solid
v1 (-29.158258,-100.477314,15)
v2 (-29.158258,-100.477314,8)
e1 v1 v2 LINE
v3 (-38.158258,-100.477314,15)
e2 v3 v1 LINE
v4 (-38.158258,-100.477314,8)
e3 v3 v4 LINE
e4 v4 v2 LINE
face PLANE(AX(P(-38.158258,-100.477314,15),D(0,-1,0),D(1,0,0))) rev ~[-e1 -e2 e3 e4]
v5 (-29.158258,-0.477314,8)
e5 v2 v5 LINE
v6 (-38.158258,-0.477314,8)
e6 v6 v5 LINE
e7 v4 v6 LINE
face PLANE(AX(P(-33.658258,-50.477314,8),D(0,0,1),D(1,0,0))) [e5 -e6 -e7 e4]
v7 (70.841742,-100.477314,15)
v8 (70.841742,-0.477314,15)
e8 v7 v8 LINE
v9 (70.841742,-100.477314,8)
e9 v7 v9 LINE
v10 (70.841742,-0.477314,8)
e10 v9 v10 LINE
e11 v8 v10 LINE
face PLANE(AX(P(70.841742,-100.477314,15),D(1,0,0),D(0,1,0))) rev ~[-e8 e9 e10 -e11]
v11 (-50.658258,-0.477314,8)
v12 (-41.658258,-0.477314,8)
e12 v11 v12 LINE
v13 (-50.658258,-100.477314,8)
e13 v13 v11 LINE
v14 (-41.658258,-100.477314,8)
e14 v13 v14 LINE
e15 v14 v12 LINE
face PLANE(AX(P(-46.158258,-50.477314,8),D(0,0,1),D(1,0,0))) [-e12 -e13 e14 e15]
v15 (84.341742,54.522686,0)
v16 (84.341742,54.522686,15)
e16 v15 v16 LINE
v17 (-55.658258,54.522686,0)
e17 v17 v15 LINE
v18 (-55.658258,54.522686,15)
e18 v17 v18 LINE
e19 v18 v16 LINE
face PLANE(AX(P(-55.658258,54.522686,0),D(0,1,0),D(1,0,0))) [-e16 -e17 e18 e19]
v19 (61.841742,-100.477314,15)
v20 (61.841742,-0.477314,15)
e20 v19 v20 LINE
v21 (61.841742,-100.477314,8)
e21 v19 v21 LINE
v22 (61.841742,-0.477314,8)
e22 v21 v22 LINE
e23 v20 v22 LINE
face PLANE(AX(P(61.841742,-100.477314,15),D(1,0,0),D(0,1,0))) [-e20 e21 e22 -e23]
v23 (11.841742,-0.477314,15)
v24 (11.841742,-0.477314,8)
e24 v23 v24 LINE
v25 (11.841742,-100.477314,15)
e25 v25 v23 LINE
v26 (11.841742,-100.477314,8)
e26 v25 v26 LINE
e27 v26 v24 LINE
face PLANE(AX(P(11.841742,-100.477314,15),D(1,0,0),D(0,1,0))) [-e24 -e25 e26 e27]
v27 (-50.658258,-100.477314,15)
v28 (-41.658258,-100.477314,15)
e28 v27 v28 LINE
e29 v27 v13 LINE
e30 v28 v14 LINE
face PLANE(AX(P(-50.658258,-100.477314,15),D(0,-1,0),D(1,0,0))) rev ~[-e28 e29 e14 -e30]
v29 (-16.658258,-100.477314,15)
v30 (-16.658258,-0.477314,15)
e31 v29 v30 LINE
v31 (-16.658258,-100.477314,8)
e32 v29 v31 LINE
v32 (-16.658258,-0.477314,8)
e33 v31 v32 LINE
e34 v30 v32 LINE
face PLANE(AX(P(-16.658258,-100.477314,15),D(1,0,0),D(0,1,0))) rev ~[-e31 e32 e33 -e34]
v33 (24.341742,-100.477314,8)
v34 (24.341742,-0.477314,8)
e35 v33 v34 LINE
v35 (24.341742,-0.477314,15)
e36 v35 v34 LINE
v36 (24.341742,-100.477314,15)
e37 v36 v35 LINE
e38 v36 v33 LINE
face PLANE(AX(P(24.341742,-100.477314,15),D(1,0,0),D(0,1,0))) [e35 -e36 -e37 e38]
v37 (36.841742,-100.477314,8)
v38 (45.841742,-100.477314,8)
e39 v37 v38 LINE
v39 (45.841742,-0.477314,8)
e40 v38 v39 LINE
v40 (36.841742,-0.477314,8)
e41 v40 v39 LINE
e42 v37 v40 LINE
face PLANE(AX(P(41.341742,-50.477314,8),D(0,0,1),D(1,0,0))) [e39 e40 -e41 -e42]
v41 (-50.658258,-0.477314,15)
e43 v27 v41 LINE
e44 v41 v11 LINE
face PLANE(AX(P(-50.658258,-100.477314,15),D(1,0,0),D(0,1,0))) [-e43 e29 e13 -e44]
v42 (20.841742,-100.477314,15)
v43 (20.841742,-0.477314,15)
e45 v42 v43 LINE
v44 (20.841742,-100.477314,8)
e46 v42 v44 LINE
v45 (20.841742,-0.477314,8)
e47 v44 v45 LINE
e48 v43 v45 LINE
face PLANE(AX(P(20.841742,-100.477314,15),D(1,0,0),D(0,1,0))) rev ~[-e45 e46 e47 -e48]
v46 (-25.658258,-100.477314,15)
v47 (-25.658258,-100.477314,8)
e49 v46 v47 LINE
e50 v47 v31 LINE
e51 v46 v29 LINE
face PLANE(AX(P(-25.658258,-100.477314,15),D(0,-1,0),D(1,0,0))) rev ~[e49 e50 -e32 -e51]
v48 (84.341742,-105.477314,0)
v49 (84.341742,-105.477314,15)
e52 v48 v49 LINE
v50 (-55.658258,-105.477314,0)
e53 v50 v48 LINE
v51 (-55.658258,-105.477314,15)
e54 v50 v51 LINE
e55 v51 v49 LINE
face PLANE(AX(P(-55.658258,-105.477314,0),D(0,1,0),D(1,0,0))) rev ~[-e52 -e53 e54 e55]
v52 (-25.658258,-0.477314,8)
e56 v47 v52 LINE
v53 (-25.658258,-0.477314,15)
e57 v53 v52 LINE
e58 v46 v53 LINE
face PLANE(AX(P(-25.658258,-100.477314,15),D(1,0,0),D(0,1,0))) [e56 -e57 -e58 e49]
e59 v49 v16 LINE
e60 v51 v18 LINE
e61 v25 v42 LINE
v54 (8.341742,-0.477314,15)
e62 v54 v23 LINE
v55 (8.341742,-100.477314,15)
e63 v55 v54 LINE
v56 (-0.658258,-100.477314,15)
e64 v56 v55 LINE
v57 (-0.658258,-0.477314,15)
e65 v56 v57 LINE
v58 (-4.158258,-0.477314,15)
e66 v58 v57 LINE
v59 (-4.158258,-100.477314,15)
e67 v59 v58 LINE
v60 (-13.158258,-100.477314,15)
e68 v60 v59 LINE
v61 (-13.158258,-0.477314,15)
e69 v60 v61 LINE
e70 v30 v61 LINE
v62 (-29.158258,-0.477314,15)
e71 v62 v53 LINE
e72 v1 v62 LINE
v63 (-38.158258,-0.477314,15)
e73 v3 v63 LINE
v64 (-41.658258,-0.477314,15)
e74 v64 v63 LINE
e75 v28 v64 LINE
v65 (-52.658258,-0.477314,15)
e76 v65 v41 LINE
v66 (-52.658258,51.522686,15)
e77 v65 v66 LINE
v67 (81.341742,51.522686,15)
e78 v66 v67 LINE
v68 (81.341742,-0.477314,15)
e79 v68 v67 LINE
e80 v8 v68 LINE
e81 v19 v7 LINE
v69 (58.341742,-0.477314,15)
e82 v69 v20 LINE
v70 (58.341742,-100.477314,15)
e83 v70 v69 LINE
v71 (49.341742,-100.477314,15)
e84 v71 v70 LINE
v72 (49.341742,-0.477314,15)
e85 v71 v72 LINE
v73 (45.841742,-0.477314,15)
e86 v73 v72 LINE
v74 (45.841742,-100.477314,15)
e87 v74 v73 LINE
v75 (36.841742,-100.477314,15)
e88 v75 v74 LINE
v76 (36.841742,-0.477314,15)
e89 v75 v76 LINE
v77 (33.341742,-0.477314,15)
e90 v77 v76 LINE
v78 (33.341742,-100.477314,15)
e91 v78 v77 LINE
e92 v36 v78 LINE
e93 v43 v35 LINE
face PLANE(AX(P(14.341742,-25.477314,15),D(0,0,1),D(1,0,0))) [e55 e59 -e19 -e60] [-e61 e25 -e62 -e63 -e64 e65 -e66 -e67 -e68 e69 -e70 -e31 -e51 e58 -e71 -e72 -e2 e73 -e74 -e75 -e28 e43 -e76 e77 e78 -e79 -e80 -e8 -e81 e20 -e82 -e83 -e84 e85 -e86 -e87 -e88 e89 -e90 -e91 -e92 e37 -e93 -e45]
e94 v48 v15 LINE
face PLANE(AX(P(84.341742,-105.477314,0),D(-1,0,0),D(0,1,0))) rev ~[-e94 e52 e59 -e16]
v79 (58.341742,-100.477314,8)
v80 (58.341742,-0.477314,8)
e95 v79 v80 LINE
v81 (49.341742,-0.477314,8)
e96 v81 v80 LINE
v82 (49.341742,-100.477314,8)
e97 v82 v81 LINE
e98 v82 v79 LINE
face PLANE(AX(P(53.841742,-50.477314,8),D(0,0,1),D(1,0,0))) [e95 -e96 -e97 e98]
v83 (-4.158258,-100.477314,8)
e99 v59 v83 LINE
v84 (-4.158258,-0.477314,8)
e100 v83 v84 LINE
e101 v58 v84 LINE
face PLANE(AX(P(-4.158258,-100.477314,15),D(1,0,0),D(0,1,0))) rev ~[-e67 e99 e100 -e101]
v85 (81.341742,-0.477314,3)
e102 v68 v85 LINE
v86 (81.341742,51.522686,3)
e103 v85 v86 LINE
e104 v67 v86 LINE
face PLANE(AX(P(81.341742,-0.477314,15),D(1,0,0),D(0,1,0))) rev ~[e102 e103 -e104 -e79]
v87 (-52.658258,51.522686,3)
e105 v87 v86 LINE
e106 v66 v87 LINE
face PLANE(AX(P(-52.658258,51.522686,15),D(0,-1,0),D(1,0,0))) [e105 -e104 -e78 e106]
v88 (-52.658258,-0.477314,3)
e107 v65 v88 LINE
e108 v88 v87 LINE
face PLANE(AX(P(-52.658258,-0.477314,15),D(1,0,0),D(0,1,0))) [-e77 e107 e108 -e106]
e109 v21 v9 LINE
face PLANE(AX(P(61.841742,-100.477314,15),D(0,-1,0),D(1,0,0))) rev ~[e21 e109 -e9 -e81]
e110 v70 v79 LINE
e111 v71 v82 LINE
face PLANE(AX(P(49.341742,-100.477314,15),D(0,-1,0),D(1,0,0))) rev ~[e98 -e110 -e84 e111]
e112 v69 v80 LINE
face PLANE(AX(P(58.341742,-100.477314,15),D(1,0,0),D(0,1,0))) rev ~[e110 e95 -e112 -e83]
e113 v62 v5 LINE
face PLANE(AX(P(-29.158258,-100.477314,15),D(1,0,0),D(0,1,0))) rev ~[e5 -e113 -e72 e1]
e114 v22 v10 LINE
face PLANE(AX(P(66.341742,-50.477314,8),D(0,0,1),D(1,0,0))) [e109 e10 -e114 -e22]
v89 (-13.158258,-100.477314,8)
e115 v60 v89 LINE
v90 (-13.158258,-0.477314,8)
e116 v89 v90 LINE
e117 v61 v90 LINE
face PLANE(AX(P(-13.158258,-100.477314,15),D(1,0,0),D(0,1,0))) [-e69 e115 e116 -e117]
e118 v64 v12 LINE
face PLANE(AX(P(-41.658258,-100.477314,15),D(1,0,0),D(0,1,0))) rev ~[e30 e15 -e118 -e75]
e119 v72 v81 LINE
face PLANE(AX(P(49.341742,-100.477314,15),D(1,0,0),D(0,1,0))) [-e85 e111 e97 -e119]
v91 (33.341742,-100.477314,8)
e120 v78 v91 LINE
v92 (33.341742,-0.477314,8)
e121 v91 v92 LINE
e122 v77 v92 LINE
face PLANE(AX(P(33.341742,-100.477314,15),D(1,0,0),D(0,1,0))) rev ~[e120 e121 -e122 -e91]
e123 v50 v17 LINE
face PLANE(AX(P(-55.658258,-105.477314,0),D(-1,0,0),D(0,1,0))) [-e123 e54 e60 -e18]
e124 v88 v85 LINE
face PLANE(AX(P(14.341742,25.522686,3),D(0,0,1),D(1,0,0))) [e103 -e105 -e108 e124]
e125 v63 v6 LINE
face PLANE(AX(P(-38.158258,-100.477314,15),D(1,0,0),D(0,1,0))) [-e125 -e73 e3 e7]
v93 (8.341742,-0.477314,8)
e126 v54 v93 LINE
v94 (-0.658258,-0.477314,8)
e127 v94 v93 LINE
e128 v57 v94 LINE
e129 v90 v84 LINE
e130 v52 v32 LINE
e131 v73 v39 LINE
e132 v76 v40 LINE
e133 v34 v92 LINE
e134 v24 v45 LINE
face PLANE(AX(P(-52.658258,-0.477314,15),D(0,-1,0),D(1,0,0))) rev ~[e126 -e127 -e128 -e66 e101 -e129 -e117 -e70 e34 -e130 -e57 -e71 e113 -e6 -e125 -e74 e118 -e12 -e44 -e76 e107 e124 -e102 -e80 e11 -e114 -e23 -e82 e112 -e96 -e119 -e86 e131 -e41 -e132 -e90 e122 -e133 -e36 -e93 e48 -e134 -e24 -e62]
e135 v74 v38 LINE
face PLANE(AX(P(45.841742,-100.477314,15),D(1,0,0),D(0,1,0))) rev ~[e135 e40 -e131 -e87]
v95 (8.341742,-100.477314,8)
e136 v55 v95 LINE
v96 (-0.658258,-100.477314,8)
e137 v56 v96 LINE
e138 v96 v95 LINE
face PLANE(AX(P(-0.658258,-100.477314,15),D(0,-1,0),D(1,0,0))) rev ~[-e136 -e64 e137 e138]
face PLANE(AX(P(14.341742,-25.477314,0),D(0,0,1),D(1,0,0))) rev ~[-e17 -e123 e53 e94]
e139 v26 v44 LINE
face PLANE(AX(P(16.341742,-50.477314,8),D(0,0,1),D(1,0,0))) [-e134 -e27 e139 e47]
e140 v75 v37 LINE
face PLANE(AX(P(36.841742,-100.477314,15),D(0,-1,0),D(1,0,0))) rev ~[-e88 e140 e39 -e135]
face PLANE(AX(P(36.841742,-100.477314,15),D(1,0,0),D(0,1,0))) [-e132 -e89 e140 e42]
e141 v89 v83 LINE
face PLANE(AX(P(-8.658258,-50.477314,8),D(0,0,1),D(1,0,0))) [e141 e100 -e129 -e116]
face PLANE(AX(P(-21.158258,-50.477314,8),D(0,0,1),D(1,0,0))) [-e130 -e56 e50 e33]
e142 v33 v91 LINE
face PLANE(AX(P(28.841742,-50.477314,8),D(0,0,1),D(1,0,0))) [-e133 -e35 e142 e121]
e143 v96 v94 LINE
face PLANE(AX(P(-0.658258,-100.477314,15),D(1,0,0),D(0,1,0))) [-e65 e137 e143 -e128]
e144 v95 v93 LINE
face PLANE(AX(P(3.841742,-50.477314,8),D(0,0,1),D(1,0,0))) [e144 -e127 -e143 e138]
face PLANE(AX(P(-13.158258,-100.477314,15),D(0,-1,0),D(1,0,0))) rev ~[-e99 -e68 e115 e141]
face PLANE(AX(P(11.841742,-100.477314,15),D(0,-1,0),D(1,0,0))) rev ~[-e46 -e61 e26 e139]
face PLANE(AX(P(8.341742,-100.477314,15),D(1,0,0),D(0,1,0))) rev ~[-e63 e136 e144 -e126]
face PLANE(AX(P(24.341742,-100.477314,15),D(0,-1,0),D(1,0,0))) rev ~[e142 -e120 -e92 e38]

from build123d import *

# Parameters (mm, degrees)
F0_W     = 140
F0_H     = 160
F1_DEPTH = 15
F2_W     = 134
F2_H     = 52
F3_DEPTH = 12
F4_W     = 9
F4_H     = 100
F5_DEPTH = 7


with BuildPart() as f1:
    # F0 (on Top) → F1 (new body)
    with BuildSketch(Plane.XY):
        with Locations((14.341742, -25.477314)):
            Rectangle(F0_W, F0_H)
    extrude(amount=F1_DEPTH)

    # F2 (on face) → F3 (cut)
    with BuildSketch(Plane.XY.offset(15)):
        with Locations((14.341742, 25.522686)):
            Rectangle(F2_W, F2_H)
    extrude(amount=-F3_DEPTH, mode=Mode.SUBTRACT)

    # F4 (on face) → F5 (cut)
    with BuildSketch(Plane.XY.offset(15)):
        with Locations((-46.158258, -50.477314)):
            Rectangle(F4_W, F4_H)
        with Locations((-33.658258, -50.477314)):
            Rectangle(F4_W, F4_H)
        with Locations((-8.658258, -50.477314)):
            Rectangle(F4_W, F4_H)
        with Locations((3.841742, -50.477314)):
            Rectangle(F4_W, F4_H)
        with Locations((28.841742, -50.477314)):
            Rectangle(F4_W, F4_H)
        with Locations((41.341742, -50.477314)):
            Rectangle(F4_W, F4_H)
        with Locations((53.841742, -50.477314)):
            Rectangle(F4_W, F4_H)
        with Locations((66.341742, -50.477314)):
            Rectangle(F4_W, F4_H)
        with Locations((16.341742, -50.477314)):
            Rectangle(F4_W, F4_H)
        with Locations((-21.158258, -50.477314)):
            Rectangle(F4_W, F4_H)
    extrude(amount=-F5_DEPTH, mode=Mode.SUBTRACT)


solid = f1.part
